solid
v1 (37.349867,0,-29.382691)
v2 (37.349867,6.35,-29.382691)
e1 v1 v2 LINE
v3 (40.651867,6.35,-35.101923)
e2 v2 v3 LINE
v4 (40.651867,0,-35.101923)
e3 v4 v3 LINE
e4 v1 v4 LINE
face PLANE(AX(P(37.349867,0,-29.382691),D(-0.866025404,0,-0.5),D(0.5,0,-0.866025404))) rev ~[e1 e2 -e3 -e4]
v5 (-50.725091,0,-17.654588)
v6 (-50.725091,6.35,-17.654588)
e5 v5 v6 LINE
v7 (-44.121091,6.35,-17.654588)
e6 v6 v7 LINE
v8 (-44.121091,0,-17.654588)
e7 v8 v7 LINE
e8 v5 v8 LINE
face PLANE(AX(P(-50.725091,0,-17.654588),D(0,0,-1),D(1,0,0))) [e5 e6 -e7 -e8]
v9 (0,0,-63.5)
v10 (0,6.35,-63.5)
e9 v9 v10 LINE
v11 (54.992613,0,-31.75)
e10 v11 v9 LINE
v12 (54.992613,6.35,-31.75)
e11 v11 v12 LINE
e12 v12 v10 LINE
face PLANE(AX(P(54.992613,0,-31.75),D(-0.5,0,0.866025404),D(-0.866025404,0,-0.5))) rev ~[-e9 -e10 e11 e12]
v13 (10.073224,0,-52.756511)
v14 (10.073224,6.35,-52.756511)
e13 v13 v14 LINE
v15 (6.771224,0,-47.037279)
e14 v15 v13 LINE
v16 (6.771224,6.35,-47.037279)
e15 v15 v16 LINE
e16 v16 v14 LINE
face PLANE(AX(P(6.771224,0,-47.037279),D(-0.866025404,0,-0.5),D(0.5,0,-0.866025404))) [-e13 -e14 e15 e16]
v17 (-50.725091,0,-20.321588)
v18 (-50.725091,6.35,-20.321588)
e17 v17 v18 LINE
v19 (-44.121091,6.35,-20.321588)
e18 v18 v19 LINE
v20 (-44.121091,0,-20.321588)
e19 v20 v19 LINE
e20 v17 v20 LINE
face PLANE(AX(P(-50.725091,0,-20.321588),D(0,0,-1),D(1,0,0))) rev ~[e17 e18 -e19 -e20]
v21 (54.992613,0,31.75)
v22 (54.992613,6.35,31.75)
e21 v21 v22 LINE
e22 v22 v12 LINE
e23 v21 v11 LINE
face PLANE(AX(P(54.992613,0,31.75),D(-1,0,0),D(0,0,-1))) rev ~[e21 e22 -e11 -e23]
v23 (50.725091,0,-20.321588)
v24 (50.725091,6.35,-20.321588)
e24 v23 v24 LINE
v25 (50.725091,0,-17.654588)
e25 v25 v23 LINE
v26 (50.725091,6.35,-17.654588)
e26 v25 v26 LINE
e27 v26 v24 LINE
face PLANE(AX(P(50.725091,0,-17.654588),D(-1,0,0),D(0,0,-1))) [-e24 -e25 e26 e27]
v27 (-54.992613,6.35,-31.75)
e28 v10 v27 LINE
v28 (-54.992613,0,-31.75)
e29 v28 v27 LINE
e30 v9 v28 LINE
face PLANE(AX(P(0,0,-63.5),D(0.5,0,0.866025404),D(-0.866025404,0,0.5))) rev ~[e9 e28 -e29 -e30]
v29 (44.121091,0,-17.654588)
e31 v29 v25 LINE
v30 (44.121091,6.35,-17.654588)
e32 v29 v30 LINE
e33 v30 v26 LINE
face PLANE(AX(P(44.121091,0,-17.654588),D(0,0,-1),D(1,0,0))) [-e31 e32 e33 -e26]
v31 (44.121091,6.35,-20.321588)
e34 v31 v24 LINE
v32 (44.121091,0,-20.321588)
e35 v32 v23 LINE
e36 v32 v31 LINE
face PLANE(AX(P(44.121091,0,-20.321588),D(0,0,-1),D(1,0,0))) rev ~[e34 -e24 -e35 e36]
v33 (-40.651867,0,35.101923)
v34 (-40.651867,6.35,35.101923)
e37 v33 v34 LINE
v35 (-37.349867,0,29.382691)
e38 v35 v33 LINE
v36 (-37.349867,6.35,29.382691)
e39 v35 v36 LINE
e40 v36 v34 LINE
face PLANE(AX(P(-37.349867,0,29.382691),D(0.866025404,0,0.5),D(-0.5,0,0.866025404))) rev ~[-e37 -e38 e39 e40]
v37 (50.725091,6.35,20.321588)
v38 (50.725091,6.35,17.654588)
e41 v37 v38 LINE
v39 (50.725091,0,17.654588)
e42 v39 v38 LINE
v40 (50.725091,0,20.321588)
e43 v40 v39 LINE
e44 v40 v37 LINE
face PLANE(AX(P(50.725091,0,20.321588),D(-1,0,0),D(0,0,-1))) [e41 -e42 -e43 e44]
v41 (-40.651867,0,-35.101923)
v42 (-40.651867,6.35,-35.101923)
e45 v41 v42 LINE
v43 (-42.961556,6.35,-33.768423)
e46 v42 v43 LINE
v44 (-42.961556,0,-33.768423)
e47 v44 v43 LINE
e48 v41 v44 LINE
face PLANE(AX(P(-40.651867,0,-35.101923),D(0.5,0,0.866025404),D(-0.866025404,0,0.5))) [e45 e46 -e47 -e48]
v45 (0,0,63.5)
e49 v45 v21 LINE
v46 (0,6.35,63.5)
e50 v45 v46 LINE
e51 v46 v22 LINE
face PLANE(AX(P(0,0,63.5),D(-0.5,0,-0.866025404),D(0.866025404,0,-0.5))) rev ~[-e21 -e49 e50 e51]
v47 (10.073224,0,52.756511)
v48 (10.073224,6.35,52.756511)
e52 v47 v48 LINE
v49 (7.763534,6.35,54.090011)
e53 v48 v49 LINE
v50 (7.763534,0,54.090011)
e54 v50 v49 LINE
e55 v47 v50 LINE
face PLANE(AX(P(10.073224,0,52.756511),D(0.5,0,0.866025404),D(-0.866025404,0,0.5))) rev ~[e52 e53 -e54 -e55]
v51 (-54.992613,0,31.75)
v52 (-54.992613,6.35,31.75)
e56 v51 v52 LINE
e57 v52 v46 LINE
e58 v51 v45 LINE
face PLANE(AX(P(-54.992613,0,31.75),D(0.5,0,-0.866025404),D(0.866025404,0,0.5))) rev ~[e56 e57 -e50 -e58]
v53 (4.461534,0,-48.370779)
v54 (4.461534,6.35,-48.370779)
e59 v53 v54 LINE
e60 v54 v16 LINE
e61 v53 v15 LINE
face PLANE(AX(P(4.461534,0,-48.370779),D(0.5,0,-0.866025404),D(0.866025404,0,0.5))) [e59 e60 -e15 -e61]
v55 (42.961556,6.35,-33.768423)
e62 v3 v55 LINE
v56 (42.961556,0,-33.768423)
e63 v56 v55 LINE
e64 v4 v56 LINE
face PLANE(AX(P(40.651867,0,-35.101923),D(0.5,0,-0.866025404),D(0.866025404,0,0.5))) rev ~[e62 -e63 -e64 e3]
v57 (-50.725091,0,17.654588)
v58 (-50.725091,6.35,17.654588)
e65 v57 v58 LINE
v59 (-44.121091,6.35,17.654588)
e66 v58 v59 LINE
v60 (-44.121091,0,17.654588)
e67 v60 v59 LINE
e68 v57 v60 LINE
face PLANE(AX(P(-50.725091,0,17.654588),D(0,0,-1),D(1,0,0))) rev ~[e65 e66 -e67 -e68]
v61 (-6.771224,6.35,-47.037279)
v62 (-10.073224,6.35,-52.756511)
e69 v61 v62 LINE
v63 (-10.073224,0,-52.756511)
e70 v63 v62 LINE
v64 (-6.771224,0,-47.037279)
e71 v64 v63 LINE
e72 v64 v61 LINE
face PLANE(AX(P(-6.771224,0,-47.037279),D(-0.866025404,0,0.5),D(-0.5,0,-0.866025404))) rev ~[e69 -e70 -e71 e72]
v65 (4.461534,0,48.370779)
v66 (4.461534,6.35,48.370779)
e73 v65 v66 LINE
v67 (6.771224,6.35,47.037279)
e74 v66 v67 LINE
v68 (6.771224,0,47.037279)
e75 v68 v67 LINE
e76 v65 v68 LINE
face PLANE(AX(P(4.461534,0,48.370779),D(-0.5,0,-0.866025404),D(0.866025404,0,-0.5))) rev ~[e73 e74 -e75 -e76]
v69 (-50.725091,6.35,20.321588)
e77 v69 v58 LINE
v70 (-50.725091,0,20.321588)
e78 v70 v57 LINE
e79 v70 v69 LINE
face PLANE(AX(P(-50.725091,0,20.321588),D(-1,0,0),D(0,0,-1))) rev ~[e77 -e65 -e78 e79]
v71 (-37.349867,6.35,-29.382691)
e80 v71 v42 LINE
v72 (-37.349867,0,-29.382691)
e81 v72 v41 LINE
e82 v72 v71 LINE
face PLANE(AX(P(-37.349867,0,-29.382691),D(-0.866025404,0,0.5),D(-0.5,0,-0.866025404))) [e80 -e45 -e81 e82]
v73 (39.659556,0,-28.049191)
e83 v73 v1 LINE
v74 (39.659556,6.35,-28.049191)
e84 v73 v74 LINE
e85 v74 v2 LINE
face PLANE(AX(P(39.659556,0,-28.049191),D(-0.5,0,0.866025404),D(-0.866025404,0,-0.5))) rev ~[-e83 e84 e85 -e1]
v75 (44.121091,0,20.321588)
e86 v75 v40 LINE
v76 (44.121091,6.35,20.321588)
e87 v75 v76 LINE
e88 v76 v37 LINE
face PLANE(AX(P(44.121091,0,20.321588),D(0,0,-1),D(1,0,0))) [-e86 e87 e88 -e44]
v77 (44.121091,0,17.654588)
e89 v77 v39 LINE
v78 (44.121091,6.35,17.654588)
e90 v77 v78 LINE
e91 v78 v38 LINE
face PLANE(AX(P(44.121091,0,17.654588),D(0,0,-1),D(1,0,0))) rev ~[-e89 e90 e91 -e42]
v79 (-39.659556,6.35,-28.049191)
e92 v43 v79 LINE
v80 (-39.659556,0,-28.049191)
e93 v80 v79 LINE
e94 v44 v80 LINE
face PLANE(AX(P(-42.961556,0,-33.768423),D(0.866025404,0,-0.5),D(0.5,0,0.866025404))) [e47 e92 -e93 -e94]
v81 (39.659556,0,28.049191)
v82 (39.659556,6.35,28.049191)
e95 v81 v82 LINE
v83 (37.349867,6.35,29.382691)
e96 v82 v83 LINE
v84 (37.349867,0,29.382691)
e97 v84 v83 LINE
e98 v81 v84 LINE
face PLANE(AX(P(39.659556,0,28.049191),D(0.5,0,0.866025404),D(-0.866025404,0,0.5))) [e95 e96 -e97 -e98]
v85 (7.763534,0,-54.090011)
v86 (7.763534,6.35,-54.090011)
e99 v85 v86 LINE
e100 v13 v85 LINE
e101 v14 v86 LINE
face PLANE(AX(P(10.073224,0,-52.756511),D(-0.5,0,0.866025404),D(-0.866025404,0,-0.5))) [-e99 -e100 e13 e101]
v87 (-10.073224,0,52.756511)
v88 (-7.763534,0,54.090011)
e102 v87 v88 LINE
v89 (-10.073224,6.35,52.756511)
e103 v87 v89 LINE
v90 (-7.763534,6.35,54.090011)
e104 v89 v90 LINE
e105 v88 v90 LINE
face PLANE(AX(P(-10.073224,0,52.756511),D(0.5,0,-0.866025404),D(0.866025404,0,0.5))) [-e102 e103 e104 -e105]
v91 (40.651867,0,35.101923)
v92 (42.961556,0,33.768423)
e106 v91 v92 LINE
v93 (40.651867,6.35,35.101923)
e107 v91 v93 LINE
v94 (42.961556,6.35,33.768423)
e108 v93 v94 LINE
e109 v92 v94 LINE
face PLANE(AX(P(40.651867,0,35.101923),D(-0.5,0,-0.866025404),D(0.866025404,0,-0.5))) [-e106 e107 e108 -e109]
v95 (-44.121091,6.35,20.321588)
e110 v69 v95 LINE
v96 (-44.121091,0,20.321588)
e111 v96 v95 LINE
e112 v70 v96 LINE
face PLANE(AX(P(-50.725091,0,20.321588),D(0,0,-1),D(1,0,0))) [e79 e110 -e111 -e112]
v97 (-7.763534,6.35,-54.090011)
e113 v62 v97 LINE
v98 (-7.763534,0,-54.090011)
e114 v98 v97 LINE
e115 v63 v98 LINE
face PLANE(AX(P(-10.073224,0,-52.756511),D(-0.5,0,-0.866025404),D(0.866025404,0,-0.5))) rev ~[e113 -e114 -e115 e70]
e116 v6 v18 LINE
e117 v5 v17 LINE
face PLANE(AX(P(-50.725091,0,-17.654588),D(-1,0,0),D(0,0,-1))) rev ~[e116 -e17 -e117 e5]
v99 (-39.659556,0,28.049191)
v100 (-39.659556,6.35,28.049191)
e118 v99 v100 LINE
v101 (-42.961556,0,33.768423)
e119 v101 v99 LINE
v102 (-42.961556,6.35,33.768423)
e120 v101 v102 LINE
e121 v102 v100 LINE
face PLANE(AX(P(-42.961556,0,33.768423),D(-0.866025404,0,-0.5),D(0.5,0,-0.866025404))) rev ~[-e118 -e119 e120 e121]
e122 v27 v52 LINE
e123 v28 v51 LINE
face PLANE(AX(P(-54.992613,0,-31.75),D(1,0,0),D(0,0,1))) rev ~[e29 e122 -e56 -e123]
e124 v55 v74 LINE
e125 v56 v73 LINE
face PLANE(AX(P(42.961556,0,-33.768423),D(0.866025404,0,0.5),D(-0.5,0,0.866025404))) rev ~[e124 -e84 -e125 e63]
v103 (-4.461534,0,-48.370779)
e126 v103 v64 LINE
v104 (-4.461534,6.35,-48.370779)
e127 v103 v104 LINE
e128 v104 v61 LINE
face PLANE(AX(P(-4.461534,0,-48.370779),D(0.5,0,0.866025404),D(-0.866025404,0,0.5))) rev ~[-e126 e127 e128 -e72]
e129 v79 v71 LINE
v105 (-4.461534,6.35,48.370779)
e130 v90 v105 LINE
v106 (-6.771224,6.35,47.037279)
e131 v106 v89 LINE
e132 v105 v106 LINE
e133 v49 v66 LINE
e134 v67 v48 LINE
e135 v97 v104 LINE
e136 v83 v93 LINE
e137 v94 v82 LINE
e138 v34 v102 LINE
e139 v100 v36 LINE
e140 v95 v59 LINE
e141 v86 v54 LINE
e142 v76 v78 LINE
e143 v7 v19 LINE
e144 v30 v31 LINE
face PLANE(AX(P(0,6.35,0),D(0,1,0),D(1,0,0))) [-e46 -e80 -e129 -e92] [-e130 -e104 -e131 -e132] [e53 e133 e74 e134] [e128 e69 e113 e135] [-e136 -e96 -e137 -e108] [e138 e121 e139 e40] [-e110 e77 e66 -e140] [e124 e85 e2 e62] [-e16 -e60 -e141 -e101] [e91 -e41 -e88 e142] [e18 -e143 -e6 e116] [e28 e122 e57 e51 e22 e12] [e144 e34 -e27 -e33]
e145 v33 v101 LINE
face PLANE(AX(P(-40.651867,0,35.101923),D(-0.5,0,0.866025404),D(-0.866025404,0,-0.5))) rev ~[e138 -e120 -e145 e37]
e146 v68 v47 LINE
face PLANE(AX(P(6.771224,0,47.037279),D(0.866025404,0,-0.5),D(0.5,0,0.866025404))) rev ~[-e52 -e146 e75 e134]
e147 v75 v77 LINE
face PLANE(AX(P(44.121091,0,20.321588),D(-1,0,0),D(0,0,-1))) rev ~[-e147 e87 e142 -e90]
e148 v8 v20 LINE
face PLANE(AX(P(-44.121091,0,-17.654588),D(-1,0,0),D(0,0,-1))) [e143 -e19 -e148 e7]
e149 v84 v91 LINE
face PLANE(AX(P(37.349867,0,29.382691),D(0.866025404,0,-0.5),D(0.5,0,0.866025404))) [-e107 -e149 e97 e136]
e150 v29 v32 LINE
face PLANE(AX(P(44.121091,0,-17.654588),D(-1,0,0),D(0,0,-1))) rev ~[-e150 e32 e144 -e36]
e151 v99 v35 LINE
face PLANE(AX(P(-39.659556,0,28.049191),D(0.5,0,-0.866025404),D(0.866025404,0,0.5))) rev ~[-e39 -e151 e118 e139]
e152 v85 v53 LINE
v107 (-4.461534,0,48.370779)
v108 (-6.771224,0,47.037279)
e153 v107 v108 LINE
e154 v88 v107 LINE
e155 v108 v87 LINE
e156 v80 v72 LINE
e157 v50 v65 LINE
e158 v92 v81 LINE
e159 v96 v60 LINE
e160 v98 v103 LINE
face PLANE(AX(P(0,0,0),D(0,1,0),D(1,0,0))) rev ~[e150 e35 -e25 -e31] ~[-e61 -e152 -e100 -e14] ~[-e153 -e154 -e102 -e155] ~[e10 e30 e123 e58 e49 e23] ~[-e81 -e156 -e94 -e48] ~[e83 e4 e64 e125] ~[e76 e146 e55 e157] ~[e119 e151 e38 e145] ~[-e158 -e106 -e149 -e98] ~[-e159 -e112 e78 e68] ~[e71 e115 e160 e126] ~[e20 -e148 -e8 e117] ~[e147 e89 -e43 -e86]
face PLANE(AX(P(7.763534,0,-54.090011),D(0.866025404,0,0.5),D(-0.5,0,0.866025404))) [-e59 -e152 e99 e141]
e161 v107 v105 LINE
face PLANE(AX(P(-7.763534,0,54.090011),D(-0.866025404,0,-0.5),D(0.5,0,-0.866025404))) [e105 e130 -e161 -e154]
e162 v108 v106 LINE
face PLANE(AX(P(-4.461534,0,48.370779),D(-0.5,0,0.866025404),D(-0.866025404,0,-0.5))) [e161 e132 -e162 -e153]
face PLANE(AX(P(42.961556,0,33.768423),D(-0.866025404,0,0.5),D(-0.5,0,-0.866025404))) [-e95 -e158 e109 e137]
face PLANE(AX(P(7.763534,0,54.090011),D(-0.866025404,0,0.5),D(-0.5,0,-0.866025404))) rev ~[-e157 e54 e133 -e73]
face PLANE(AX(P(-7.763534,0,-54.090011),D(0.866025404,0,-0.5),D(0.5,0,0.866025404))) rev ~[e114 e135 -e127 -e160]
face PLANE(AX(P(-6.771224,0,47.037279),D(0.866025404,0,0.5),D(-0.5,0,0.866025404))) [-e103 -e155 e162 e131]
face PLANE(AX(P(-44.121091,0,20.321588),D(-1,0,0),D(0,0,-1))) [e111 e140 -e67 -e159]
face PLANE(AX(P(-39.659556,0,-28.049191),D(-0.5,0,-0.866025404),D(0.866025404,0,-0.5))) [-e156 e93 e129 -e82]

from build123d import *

# Parameters (mm, degrees)
SKETCH1_W           = 6.604
SKETCH1_H           = 2.667
BOSS_EXTRUDE1_DEPTH = 6.35


with BuildPart() as part:
    # Sketch1 → Boss-Extrude1 (new body)
    with BuildSketch(Plane(origin=(0, 0, 0), x_dir=(1, 0, 0), z_dir=(0, 1, 0))):
        Polygon((54.99261314, 31.75), (0, 63.5), (-54.99261314, 31.75), (-54.99261314, -31.75), (0, -63.5), (54.99261314, -31.75), align=None)
        Polygon((-42.961556491, 33.768423119), (-39.659556491, 28.049191352), (-37.349866739, 29.382691352), (-40.651866739, 35.101923119), align=None, mode=Mode.SUBTRACT)
        with Locations((-47.423090512, 18.988087748)):
            Rectangle(SKETCH1_W, SKETCH1_H, mode=Mode.SUBTRACT)
        Polygon((-10.073223773, 52.756510867), (-7.763534021, 54.090010867), (-4.461534021, 48.3707791), (-6.771223773, 47.0372791), align=None, mode=Mode.SUBTRACT)
        Polygon((7.763534021, 54.090010867), (4.461534021, 48.3707791), (6.771223773, 47.0372791), (10.073223773, 52.756510867), align=None, mode=Mode.SUBTRACT)
        Polygon((40.651866739, 35.101923119), (42.961556491, 33.768423119), (39.659556491, 28.049191352), (37.349866739, 29.382691352), align=None, mode=Mode.SUBTRACT)
        with Locations((47.423090512, 18.988087748)):
            Rectangle(SKETCH1_W, SKETCH1_H, mode=Mode.SUBTRACT)
        with Locations((47.423090512, -18.988087748)):
            Rectangle(SKETCH1_W, SKETCH1_H, mode=Mode.SUBTRACT)
        Polygon((42.961556491, -33.768423119), (39.659556491, -28.049191352), (37.349866739, -29.382691352), (40.651866739, -35.101923119), align=None, mode=Mode.SUBTRACT)
        Polygon((10.073223773, -52.756510867), (7.763534021, -54.090010867), (4.461534021, -48.3707791), (6.771223773, -47.0372791), align=None, mode=Mode.SUBTRACT)
        Polygon((-7.763534021, -54.090010867), (-4.461534021, -48.3707791), (-6.771223773, -47.0372791), (-10.073223773, -52.756510867), align=None, mode=Mode.SUBTRACT)
        Polygon((-40.651866739, -35.101923119), (-42.961556491, -33.768423119), (-39.659556491, -28.049191352), (-37.349866739, -29.382691352), align=None, mode=Mode.SUBTRACT)
        with Locations((-47.423090512, -18.988087748)):
            Rectangle(SKETCH1_W, SKETCH1_H, mode=Mode.SUBTRACT)
    extrude(amount=BOSS_EXTRUDE1_DEPTH)


solid = part.part
